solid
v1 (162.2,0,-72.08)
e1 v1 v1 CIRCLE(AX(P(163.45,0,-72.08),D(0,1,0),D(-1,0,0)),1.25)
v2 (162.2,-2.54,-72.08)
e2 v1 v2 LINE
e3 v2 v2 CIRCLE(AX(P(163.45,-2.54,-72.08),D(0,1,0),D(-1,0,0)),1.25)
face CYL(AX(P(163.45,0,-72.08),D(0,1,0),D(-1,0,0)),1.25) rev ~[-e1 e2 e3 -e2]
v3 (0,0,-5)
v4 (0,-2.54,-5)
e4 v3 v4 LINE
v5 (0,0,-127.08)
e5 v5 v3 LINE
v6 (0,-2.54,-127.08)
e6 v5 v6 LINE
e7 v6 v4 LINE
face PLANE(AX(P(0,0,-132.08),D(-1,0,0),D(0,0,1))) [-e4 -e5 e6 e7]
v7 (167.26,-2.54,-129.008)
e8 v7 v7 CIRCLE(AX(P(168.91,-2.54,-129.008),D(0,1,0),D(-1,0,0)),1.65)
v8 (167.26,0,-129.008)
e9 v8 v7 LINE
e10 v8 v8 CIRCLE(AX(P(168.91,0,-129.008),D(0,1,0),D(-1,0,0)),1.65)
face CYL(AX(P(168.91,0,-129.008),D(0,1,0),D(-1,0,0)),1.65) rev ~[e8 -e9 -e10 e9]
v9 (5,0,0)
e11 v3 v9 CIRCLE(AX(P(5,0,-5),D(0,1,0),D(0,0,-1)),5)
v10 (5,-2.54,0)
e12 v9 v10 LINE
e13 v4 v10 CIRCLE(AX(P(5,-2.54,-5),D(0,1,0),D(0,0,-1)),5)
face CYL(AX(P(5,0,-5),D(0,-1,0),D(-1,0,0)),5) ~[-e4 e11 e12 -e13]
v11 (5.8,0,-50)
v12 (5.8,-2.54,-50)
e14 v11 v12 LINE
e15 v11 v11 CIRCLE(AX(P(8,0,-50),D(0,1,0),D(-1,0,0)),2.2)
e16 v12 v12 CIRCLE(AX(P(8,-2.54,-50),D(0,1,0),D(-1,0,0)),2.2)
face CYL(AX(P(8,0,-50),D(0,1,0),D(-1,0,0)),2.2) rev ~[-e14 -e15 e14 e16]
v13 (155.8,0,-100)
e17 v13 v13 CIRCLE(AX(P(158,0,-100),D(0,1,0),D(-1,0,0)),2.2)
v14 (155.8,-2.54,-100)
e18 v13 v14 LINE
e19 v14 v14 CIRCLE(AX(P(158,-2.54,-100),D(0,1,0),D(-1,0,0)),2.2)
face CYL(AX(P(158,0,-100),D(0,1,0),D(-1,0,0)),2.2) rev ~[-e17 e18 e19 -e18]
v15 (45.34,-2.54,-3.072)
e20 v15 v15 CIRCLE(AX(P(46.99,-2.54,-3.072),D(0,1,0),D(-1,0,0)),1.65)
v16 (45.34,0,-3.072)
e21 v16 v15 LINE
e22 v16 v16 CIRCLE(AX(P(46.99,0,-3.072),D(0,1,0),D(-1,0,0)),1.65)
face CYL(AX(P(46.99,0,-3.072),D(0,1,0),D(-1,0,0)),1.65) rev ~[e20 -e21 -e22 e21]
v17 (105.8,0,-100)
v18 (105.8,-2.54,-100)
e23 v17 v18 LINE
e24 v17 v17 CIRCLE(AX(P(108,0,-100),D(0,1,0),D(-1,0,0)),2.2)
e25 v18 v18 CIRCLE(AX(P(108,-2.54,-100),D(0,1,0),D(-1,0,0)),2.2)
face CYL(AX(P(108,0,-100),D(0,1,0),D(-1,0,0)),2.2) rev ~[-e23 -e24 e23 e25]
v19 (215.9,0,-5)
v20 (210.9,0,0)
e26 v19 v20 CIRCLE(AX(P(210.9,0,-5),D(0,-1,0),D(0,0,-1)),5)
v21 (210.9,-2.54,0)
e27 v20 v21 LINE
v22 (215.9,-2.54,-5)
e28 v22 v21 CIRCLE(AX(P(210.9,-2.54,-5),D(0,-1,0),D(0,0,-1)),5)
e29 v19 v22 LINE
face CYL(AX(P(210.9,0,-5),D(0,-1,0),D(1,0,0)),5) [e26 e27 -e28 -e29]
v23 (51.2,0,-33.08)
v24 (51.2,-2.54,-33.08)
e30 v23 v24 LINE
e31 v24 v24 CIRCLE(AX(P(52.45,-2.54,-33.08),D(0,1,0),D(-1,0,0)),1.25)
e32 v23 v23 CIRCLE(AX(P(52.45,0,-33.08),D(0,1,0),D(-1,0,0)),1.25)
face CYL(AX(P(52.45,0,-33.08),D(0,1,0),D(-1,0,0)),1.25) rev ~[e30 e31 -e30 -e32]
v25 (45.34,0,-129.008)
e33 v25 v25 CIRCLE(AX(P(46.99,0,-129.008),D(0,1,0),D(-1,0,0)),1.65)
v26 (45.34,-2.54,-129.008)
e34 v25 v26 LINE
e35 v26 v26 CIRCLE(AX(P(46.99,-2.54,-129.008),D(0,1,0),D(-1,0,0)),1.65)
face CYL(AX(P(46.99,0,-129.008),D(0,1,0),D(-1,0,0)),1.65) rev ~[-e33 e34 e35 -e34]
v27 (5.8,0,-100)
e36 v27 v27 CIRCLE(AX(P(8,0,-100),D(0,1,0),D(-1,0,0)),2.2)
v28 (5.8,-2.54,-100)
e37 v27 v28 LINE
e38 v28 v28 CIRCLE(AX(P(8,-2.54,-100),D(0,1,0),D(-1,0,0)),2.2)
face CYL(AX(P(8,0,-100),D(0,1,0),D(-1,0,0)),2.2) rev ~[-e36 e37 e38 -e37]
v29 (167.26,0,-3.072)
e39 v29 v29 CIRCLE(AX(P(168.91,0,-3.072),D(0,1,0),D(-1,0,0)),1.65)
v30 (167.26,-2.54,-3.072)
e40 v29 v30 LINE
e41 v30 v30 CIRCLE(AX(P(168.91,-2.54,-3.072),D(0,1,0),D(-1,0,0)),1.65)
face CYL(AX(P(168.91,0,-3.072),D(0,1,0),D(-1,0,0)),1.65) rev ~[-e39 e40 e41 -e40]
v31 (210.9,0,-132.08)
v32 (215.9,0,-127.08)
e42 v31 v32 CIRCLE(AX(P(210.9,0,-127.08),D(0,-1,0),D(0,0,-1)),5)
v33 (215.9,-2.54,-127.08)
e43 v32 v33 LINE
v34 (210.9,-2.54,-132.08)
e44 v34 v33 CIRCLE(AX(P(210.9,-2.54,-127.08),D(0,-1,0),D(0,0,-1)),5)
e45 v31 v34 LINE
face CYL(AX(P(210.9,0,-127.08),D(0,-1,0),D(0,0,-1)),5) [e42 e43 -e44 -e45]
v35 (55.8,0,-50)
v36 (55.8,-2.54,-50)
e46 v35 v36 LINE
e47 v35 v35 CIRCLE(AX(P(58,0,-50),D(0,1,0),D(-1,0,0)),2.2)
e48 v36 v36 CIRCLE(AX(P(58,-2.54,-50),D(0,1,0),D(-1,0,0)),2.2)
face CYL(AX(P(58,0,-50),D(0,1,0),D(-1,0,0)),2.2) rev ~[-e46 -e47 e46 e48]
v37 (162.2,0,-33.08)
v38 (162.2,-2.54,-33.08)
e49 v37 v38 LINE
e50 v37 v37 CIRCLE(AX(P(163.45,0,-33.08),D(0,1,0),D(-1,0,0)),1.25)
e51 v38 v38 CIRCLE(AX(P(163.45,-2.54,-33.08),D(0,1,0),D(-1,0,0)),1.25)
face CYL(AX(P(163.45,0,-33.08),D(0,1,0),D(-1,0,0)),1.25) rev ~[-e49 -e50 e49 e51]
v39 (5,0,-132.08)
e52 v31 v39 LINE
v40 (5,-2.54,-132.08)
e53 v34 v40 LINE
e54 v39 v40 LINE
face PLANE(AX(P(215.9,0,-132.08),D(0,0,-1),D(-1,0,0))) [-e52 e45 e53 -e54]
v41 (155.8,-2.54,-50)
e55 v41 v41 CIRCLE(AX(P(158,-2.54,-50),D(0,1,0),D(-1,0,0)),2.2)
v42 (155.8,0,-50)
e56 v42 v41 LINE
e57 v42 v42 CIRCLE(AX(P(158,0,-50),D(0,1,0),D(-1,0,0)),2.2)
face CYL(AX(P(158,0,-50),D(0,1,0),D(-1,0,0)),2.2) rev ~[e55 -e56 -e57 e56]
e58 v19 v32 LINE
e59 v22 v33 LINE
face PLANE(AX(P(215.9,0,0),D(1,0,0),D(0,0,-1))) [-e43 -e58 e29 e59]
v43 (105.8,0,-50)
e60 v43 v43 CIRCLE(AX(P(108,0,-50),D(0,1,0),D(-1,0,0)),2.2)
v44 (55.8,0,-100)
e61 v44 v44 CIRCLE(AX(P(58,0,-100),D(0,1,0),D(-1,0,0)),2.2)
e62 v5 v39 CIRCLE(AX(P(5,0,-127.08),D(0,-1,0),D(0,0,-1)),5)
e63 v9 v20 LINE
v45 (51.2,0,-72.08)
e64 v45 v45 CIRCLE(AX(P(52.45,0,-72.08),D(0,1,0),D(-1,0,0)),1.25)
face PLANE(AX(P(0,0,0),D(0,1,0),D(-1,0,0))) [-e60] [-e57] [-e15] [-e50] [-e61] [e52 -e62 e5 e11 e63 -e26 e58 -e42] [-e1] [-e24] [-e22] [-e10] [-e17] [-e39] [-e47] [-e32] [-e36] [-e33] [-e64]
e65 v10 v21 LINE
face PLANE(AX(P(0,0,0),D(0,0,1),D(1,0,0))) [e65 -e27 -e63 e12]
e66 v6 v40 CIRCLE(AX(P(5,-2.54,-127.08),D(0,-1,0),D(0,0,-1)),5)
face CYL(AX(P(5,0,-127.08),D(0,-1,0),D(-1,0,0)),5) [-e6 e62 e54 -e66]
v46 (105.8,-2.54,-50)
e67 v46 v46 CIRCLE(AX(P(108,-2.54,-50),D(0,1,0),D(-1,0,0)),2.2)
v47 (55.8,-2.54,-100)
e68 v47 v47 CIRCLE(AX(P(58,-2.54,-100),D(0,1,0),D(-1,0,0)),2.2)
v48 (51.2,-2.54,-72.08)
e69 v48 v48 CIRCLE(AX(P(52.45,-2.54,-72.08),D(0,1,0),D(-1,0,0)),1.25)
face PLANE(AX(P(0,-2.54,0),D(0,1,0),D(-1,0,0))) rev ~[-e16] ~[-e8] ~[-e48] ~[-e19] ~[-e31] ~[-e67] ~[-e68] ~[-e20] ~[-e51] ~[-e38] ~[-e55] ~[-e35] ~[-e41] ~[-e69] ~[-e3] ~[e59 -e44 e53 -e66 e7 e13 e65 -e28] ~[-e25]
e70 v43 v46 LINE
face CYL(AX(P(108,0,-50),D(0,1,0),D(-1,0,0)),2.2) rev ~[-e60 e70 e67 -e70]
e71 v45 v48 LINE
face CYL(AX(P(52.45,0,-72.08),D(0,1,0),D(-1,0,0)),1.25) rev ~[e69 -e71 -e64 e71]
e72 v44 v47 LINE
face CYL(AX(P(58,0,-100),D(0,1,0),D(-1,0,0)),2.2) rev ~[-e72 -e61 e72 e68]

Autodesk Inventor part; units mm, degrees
ref_plane "YZ Plane" through (0, 0, 0) normal (1, 0, 0) x (0, 1, 0)
ref_plane "XZ Plane" through (0, 0, 0) normal (0, 1, 0) x (-1, 0, 0)
ref_plane "XY Plane" through (0, 0, 0) normal (0, 0, 1) x (1, 0, 0)
sketch "Sketch1" plane through (0, 0, 0) normal (0, 1, 0) x (-1, 0, 0)
  line L0 (0, 0) -> (-215.9, 0)
  line L1 (-215.9, 0) -> (-215.9, -132.08)
  line L2 (-215.9, -132.08) -> (0, -132.08)
  line L3 (0, -132.08) -> (0, 0)
  circle A0 centre (-46.99, -129.008) radius 1.65
  circle A1 centre (-168.91, -129.008) radius 1.65
  circle A2 centre (-46.99, -3.072) radius 1.65
  circle A3 centre (-168.91, -3.072) radius 1.65
  circle A4 centre (-8, -50) radius 2.2
  circle A5 centre (-8, -100) radius 2.2
  circle A6 centre (-58, -50) radius 2.2
  circle A7 centre (-58, -100) radius 2.2
  circle A8 centre (-108, -50) radius 2.2
  circle A9 centre (-108, -100) radius 2.2
  circle A10 centre (-158, -50) radius 2.2
  circle A11 centre (-158, -100) radius 2.2
  circle A12 centre (-52.45, -72.08) radius 1.25
  circle A13 centre (-163.45, -72.08) radius 1.25
  circle A14 centre (-52.45, -33.08) radius 1.25
  circle A15 centre (-163.45, -33.08) radius 1.25
  dimension "d0" = 215.9
  dimension "d1" = 132.08
  dimension "d2" = 3.3
  dimension "d5" = 121.92
  dimension "d8" = 125.936
  dimension "d11" = 46.99
  dimension "d12" = 3.072
  dimension "d13" = 3.072
  dimension "d14" = 4.4
  dimension "d15" = 50
  dimension "d16" = 8
  dimension "d19" = 50
  dimension "d22" = 50
  dimension "d30" = 2.5
  dimension "d33" = 111
  dimension "d36" = 39
  dimension "d39" = 60
  dimension "d40" = 52.45
extrude "Extrusion1" add sketch "Sketch1" against normal blind 2.54
sketch "Sketch2" plane through (0, 0, 0) normal (0, 1, 0) x (1, 0, 0)
  line L0 (108.9107, 44.2653) -> (116.6369, 44.2653) construction
  line L1 (116.6369, 44.2653) -> (116.6369, 41.0888) construction
  line L2 (116.6369, 41.0888) -> (108.9107, 41.0888) construction
  line L3 (108.9107, 41.0888) -> (108.9107, 44.2653) construction
  point P0 (0, 0)
extrude "Extrusion2" [suppressed]
fillet "Fillet1" radius 5 4 edges at (0, -1.27, 0) (215.9, -1.27, 0) (215.9, -1.27, -132.08) (0, -1.27, -132.08)
sketch "Sketch3" plane through (0, 0, 0) normal (0, 1, 0) x (1, 0, 0)
  arc A0 (5, 132.08) -> (0, 127.08) centre (5, 127.08) ccw projected
  line L0 (0, 127.08) -> (0, 5) projected
  arc A1 (0, 5) -> (5, 0) centre (5, 5) ccw projected
  line L1 (5, 0) -> (210.9, 0) projected
  arc A2 (210.9, 0) -> (215.9, 5) centre (210.9, 5) ccw projected
  line L2 (215.9, 5) -> (215.9, 127.08) projected
  arc A3 (215.9, 127.08) -> (210.9, 132.08) centre (210.9, 127.08) ccw projected
  line L3 (210.9, 132.08) -> (5, 132.08) projected
  circle A4 centre (163.45, 33.08) radius 1.25 projected
  circle A5 centre (163.45, 72.08) radius 1.25 projected
  circle A6 centre (158, 100) radius 2.2 projected
  circle A7 centre (108, 100) radius 2.2 projected
  circle A8 centre (58, 100) radius 2.2 projected
  circle A9 centre (58, 50) radius 2.2 projected
  circle A10 centre (8, 100) radius 2.2 projected
  circle A11 centre (8, 50) radius 2.2 projected
  circle A12 centre (168.91, 3.072) radius 1.65 projected
  circle A13 centre (46.99, 3.072) radius 1.65 projected
  circle A14 centre (168.91, 129.008) radius 1.65 projected
  circle A15 centre (46.99, 129.008) radius 1.65 projected
  circle A16 centre (108, 50) radius 2.2 projected
  circle A17 centre (158, 50) radius 2.2 projected
  circle A18 centre (52.45, 72.08) radius 1.25 projected
  circle A19 centre (52.45, 33.08) radius 1.25 projected
  point P0 (0, 0)
equation "\"d40\" = -0.5 * d33 + 0.5 * d0"
properties part number "amplifier_tray"
